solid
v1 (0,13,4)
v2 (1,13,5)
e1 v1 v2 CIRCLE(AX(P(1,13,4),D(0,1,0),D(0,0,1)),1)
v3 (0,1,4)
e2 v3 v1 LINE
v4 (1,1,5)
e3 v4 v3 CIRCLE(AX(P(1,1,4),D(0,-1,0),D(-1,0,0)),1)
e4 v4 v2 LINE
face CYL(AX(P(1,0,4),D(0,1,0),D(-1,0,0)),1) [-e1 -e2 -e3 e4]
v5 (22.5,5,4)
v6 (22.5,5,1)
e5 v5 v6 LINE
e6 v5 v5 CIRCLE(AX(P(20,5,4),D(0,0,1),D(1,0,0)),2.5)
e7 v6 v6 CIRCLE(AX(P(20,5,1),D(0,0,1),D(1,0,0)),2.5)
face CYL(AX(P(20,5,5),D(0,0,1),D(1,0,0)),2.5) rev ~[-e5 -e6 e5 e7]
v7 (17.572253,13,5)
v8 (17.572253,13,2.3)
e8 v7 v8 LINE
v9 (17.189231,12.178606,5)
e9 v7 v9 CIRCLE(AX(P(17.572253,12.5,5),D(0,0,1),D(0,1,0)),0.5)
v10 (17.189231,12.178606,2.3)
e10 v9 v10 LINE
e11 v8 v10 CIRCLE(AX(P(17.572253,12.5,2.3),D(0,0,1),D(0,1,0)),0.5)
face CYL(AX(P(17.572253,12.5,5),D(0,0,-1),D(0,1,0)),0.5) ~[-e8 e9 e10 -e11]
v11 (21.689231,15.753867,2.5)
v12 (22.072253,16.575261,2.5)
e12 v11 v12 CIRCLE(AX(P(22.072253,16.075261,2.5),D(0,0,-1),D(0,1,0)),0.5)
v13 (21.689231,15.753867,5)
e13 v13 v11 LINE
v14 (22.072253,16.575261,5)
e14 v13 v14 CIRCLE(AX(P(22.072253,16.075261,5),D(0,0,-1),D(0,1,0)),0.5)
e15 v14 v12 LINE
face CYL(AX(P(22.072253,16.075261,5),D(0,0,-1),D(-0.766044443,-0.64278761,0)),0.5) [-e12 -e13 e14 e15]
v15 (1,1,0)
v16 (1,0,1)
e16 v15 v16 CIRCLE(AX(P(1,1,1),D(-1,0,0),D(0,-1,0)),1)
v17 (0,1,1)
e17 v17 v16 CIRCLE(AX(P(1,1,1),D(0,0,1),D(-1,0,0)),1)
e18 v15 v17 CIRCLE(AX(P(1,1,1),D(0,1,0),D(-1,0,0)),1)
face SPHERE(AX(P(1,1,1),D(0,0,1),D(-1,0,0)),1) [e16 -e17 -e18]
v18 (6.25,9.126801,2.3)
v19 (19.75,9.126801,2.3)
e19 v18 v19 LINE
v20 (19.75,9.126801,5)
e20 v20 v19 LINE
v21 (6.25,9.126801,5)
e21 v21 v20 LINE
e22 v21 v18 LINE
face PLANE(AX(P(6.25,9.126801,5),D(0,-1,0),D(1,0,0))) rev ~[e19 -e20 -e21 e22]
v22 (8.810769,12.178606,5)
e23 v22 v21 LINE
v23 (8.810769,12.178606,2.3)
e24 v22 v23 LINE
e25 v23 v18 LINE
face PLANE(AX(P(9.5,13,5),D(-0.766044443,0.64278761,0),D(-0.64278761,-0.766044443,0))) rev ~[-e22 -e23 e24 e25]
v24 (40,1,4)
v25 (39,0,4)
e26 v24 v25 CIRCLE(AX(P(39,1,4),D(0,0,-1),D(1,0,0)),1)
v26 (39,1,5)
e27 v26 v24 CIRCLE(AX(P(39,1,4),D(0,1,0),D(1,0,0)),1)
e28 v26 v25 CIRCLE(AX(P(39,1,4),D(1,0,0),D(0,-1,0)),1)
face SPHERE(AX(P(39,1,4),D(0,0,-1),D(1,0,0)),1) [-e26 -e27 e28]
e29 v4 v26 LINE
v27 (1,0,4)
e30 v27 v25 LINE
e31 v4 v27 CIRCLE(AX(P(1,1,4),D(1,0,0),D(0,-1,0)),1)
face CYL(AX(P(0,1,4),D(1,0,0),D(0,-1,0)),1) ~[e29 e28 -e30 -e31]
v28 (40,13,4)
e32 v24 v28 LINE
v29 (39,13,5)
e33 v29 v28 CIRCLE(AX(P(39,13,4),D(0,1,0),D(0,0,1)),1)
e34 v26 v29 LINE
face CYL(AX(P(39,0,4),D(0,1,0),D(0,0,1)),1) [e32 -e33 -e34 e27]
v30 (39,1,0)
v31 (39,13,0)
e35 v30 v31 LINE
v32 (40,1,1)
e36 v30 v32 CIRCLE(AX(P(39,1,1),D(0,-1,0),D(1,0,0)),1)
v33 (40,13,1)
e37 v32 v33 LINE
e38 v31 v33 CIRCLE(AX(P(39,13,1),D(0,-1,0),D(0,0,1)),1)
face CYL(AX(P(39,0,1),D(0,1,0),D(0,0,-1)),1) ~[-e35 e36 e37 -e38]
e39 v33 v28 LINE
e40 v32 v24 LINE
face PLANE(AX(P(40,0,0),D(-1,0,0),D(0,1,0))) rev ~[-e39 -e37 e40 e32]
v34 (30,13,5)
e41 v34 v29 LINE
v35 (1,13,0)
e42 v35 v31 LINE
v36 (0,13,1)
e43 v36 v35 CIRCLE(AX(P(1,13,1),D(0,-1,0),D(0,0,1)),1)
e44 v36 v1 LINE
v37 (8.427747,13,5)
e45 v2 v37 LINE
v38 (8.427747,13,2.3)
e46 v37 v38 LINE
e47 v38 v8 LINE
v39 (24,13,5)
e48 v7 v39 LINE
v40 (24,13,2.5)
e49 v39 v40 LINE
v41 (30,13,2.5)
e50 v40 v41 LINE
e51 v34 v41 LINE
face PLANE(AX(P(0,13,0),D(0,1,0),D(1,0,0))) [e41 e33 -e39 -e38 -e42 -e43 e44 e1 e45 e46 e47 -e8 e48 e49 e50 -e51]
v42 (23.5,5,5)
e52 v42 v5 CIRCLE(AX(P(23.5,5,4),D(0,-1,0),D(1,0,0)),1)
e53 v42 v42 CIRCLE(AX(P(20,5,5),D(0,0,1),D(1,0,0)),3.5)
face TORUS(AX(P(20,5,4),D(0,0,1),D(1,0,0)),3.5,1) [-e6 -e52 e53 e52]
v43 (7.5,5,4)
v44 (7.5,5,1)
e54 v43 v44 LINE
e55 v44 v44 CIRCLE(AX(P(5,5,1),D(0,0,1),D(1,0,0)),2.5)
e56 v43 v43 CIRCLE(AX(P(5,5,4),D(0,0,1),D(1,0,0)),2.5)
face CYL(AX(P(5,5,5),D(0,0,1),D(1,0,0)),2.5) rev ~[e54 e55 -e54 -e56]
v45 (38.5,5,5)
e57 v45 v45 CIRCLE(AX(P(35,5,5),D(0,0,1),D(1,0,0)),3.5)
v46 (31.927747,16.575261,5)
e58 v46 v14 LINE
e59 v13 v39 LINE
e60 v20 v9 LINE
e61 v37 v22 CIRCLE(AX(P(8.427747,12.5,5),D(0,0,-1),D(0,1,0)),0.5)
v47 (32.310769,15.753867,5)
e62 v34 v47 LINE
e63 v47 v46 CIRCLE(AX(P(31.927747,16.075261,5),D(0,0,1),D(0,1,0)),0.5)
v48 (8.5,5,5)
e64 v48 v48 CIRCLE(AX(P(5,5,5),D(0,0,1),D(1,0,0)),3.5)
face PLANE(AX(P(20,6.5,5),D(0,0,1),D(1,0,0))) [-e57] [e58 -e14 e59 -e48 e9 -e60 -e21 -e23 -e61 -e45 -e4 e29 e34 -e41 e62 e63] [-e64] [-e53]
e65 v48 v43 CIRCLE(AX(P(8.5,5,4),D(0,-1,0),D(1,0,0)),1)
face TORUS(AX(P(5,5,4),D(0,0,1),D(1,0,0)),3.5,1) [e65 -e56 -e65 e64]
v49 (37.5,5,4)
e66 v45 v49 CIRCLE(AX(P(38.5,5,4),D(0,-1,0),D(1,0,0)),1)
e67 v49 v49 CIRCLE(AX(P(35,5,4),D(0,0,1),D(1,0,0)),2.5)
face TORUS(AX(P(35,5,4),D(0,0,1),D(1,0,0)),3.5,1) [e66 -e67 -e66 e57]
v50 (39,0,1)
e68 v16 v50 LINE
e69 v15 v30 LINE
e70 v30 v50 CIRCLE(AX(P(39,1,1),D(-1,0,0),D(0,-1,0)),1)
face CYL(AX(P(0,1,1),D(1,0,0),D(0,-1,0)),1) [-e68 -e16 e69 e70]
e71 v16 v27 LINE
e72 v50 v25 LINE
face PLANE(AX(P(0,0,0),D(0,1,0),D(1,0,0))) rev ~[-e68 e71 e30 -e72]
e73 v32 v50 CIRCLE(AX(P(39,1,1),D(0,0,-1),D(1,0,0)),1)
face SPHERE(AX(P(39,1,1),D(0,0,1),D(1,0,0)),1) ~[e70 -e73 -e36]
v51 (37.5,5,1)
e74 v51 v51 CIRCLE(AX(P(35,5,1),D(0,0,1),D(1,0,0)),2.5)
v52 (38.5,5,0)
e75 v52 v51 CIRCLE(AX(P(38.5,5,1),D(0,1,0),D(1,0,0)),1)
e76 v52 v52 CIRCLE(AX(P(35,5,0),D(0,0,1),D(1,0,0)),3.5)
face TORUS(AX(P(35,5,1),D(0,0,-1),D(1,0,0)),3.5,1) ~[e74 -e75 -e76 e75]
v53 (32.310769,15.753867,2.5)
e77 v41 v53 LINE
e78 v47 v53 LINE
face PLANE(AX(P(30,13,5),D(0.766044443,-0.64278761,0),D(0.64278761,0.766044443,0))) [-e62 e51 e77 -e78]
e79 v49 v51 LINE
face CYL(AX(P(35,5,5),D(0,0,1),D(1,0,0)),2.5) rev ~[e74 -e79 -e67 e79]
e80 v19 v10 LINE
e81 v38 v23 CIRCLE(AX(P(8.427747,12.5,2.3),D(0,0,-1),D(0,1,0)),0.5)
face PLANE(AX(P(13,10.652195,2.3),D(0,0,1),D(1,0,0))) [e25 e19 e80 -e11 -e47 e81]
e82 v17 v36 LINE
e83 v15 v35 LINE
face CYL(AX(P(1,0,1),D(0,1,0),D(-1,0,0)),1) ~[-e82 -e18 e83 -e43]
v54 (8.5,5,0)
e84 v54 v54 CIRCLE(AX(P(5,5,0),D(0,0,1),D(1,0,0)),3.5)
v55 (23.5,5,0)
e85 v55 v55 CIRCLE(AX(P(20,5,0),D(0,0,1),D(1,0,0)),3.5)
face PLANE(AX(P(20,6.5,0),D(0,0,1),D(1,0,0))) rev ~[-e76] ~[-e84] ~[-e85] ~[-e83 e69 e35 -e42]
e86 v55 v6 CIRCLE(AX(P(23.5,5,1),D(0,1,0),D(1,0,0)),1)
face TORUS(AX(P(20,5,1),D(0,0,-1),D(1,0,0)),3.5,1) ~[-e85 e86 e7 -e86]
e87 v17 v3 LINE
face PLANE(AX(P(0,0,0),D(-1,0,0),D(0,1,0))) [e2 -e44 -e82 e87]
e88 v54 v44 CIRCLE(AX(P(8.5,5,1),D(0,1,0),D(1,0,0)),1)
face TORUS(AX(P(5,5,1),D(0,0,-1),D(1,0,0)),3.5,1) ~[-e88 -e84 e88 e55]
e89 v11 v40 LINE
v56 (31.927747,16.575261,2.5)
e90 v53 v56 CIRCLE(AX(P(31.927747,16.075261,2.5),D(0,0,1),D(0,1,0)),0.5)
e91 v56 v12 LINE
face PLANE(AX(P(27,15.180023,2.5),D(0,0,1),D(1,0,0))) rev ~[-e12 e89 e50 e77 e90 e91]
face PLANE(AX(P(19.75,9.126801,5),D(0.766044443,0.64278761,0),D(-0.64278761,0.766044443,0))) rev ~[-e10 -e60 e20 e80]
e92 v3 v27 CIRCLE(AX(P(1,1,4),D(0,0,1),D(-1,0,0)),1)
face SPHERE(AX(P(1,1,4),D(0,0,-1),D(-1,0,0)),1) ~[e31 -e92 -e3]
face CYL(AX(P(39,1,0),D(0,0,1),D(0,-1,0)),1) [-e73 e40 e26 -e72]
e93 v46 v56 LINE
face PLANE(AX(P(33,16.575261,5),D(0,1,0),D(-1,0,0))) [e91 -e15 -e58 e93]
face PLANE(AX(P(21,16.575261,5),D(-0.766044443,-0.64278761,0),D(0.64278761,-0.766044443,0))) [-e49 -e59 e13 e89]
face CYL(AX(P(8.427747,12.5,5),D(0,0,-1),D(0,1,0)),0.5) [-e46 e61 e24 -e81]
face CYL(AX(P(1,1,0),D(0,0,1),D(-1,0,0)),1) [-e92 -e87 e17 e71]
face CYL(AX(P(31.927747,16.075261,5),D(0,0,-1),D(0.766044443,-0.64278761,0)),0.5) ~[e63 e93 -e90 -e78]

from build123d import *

# Parameters (mm, degrees)
F0_W     = 40
F0_H     = 13
F1_DEPTH = 5
F2_R     = 2.5
F3_DEPTH = 5.001
F5_DEPTH = 2.5
F7_DEPTH = 2.7
F8_R     = 1
F9_R     = 1
F10_R    = 0.5


with BuildPart() as f1:
    # F0 (on Top) → F1 (new body)
    with BuildSketch(Plane.XY):
        with Locations((20, 6.5)):
            Rectangle(F0_W, F0_H)
    extrude(amount=F1_DEPTH)

    # F2 (on face) → F3 (cut, through all)
    with BuildSketch(Plane.XY.offset(5)):
        with Locations((5, 5)):
            Circle(F2_R)
        with Locations((20, 5)):
            Circle(F2_R)
        with Locations((35, 5)):
            Circle(F2_R)
    extrude(amount=-F3_DEPTH, mode=Mode.SUBTRACT)

    # F4 (on face) → F5 (join)
    with BuildSketch(Plane.XY.offset(5)):
        Polygon((21, 16.5752607778), (24, 13), (30, 13), (33, 16.5752607778), align=None)
    extrude(amount=-F5_DEPTH)

    # F6 (on face) → F7 (cut)
    with BuildSketch(Plane.XY.offset(5)):
        Polygon((16.5, 13), (9.5, 13), (6.25, 9.1268008241), (19.75, 9.1268008241), align=None)
    extrude(amount=-F7_DEPTH, mode=Mode.SUBTRACT)

    # F8
    f8_edges = [f1.edges().sort_by_distance(p)[0] for p in [
        (0, 0, 2.5),
        (40, 0, 2.5),
        (0, 6.5, 5),
        (0, 6.5, 0),
        (40, 6.5, 5),
        (40, 6.5, 0),
        (20, 0, 5),
        (20, 0, 0),
    ]]
    fillet(f8_edges, radius=F8_R)

    # F9
    f9_edges = [f1.edges().sort_by_distance(p)[0] for p in [
        (2.5, 5, 5),
        (17.5, 5, 5),
        (32.5, 5, 5),
        (2.5, 5, 0),
        (17.5, 5, 0),
        (32.5, 5, 0),
    ]]
    fillet(f9_edges, radius=F9_R)

    # F10
    f10_edges = [f1.edges().sort_by_distance(p)[0] for p in [
        (21, 16.575261, 3.75),
        (33, 16.575261, 3.75),
        (9.5, 13, 3.65),
        (16.5, 13, 3.65),
    ]]
    fillet(f10_edges, radius=F10_R)


solid = f1.part
